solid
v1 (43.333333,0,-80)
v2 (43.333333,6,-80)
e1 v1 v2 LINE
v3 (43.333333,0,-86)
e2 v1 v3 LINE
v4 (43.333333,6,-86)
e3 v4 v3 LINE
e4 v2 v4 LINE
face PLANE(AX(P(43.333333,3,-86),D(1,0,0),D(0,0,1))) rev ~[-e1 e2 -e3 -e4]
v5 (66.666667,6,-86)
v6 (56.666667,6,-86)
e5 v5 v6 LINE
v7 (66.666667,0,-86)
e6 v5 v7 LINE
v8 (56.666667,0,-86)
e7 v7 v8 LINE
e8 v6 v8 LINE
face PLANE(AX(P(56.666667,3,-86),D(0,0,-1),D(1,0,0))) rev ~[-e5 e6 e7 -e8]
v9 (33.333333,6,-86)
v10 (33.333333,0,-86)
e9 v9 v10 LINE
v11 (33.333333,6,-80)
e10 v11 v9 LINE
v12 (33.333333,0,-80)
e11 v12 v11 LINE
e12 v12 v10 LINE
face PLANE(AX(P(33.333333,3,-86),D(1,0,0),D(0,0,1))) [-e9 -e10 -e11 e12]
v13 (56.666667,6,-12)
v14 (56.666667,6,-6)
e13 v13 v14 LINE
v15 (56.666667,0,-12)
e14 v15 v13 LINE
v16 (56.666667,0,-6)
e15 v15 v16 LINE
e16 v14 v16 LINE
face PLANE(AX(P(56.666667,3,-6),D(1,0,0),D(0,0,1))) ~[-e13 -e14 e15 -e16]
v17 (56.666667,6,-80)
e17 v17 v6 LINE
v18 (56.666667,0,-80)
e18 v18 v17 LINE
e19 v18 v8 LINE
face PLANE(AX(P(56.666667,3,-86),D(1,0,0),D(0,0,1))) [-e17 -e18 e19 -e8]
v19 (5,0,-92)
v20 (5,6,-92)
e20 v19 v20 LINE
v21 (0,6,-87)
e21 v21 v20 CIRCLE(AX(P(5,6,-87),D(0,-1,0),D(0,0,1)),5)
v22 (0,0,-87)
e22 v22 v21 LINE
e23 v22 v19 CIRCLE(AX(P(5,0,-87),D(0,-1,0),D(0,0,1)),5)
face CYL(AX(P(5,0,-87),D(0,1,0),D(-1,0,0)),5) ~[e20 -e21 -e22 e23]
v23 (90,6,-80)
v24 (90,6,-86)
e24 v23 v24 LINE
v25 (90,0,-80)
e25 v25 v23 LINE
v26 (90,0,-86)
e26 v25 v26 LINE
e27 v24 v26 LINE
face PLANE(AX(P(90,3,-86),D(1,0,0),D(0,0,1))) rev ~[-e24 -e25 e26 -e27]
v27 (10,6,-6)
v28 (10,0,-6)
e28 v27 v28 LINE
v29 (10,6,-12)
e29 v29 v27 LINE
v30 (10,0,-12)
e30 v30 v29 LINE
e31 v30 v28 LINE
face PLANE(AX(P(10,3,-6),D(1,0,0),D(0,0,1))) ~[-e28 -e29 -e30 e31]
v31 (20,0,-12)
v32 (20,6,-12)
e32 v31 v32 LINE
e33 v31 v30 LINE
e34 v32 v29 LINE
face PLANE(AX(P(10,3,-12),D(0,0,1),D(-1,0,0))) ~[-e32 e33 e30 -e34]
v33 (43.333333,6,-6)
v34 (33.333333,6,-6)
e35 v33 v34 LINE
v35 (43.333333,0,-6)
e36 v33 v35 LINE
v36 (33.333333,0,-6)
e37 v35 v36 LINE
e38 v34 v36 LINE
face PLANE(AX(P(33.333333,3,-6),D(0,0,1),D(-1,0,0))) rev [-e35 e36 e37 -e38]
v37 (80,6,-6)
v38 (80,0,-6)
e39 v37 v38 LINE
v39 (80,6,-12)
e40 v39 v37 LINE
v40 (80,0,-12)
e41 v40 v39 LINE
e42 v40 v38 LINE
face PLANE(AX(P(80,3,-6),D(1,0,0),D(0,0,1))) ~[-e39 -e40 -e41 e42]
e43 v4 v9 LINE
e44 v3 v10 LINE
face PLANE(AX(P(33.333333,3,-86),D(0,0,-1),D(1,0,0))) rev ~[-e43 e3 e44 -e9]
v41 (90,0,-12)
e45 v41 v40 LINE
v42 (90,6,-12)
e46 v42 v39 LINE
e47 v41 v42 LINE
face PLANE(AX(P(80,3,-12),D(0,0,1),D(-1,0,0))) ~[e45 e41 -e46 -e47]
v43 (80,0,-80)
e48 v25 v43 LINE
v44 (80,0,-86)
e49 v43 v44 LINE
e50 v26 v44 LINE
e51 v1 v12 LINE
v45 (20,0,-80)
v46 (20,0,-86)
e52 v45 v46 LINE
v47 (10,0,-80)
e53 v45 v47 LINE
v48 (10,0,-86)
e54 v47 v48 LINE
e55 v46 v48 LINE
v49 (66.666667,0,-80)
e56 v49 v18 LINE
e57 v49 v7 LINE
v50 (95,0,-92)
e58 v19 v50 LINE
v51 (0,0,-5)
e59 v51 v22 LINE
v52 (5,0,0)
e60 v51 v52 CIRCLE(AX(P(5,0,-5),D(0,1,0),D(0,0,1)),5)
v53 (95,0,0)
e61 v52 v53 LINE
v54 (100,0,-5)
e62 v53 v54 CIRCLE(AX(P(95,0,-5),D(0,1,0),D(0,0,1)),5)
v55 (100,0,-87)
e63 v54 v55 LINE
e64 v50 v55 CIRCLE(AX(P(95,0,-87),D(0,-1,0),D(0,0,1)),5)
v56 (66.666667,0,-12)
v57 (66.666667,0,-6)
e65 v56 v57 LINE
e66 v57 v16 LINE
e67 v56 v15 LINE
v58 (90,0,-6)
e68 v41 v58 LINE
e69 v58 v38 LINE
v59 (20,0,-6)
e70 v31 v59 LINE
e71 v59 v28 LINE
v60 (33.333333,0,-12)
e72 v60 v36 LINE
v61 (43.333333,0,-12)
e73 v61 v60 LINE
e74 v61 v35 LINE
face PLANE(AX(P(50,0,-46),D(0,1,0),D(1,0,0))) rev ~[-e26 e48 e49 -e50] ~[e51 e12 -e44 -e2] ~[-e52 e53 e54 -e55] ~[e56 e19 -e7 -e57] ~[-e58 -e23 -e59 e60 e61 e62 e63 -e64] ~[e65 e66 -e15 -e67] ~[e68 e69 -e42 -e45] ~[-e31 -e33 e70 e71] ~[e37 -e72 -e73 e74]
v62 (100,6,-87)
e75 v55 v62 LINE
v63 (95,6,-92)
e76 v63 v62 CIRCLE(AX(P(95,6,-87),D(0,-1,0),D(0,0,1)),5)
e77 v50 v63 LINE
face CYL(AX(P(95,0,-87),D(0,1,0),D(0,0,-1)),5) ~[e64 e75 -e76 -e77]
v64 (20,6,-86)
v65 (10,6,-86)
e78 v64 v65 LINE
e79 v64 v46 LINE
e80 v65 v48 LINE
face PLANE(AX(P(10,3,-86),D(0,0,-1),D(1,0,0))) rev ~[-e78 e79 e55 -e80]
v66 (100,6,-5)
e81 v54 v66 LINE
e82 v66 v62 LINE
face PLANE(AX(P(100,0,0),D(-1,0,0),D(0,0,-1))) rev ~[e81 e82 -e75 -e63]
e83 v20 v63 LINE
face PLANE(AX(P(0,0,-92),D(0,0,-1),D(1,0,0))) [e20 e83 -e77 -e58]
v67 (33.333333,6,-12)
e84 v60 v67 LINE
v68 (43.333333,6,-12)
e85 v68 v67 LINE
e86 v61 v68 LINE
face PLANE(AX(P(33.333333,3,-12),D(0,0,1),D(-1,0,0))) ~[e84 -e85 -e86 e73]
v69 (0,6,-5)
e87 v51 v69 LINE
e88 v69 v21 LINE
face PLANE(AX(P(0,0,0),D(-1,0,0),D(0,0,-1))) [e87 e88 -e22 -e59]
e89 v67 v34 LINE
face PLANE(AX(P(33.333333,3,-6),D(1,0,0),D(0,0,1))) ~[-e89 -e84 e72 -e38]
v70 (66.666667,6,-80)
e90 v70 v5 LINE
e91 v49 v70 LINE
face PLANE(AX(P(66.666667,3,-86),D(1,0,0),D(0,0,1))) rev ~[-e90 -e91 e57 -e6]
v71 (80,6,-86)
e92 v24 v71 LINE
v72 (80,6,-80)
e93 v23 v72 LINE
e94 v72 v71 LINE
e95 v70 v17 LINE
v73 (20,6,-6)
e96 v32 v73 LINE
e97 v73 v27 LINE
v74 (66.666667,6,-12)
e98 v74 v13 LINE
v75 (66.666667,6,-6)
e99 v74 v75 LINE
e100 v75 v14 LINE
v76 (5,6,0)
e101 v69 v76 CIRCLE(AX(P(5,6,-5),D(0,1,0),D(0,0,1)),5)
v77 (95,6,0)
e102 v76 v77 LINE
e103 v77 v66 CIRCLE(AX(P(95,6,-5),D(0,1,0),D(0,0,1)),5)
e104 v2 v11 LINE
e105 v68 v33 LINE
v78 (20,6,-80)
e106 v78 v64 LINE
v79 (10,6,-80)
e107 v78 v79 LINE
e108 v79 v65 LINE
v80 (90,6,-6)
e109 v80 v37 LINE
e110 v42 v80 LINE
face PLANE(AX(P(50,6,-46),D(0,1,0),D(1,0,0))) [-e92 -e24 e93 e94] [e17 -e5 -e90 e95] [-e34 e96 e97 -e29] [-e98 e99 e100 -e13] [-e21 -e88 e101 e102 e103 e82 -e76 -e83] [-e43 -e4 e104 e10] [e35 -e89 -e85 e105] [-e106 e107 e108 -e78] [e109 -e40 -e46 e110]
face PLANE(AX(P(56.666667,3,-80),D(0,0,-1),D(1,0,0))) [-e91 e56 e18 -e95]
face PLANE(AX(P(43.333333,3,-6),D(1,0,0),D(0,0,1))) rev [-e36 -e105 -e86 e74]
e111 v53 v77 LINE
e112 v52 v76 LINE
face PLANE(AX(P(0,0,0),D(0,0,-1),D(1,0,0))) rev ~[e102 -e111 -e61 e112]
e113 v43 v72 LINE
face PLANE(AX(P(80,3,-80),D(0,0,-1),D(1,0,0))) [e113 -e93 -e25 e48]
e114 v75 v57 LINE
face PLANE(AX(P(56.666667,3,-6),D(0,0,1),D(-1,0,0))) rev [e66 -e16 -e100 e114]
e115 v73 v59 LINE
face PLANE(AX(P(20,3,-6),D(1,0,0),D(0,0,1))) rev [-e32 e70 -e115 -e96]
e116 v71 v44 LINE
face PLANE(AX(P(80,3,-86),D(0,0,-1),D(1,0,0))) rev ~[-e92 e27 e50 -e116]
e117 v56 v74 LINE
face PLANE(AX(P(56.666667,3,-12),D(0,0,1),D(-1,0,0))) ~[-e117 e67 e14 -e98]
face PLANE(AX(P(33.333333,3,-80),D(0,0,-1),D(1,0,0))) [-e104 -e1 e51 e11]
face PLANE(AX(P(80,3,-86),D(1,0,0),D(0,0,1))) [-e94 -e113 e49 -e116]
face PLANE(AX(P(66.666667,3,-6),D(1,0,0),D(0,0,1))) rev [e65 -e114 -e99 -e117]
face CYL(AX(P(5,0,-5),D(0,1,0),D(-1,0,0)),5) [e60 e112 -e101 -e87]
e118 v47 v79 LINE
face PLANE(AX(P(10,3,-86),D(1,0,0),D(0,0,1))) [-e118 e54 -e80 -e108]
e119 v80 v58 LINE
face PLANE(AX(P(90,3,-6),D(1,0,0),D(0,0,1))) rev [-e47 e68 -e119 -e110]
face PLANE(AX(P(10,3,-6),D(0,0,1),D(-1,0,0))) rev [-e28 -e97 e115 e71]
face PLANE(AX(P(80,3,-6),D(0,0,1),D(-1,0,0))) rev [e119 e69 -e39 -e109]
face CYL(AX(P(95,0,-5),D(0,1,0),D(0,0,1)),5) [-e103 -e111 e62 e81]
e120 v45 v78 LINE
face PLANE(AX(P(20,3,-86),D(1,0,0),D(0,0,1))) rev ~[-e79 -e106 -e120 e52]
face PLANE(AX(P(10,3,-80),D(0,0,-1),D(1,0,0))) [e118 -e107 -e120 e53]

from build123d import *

# Parameters (mm, degrees)
SKETCH1_W           = 100
SKETCH1_H           = 92
BOSS_EXTRUDE1_DEPTH = 6
SKETCH6_W           = 10
SKETCH6_H           = 6
CUT_EXTRUDE1_DEPTH  = 4
SKETCH61_W          = 10
SKETCH61_H          = 6
CUT_EXTRUDE11_DEPTH = 4
SKETCH62_W          = 10
SKETCH62_H          = 6
CUT_EXTRUDE12_DEPTH = 4
SKETCH63_W          = 10
SKETCH63_H          = 6
CUT_EXTRUDE13_DEPTH = 4
FILLET1_R           = 5


with BuildPart() as part:
    # Sketch1 → Boss-Extrude1 (new body)
    with BuildSketch(Plane(origin=(0, 0, 0), x_dir=(1, 0, 0), z_dir=(0, 1, 0))):
        with Locations((50, 46)):
            Rectangle(SKETCH1_W, SKETCH1_H)
    extrude(amount=BOSS_EXTRUDE1_DEPTH)

    # Sketch6 → Cut-Extrude1 (cut, symmetric)
    with BuildSketch(Plane(origin=(84.232221392, 3, -39), x_dir=(1, 0, 0), z_dir=(0, -1, 0))):
        with Locations((0.767778608, -44)):
            Rectangle(SKETCH6_W, SKETCH6_H)
    cut_extrude1 = extrude(amount=CUT_EXTRUDE1_DEPTH, both=True, mode=Mode.SUBTRACT)

    # Sketch61 → Cut-Extrude11 (cut, symmetric)
    with BuildSketch(Plane(origin=(60.898888059, 3, -39), x_dir=(1, 0, 0), z_dir=(0, -1, 0))):
        with Locations((0.767778608, -44)):
            Rectangle(SKETCH61_W, SKETCH61_H)
    cut_extrude11 = extrude(amount=CUT_EXTRUDE11_DEPTH, both=True, mode=Mode.SUBTRACT)

    # Sketch62 → Cut-Extrude12 (cut, symmetric)
    with BuildSketch(Plane(origin=(37.565554726, 3, -39), x_dir=(1, 0, 0), z_dir=(0, -1, 0))):
        with Locations((0.767778608, -44)):
            Rectangle(SKETCH62_W, SKETCH62_H)
    cut_extrude12 = extrude(amount=CUT_EXTRUDE12_DEPTH, both=True, mode=Mode.SUBTRACT)

    # Sketch63 → Cut-Extrude13 (cut, symmetric)
    with BuildSketch(Plane(origin=(14.232221392, 3, -39), x_dir=(1, 0, 0), z_dir=(0, -1, 0))):
        with Locations((0.767778608, -44)):
            Rectangle(SKETCH63_W, SKETCH63_H)
    cut_extrude13 = extrude(amount=CUT_EXTRUDE13_DEPTH, both=True, mode=Mode.SUBTRACT)

    # Mirror1: Cut-Extrude1, Cut-Extrude11, Cut-Extrude12, Cut-Extrude13 across plane
    add(cut_extrude1.mirror(Plane(origin=(0, 0, -46), x_dir=(1, 0, 0), z_dir=(0, 0, -1))), mode=Mode.SUBTRACT)
    add(cut_extrude11.mirror(Plane(origin=(0, 0, -46), x_dir=(1, 0, 0), z_dir=(0, 0, -1))), mode=Mode.SUBTRACT)
    add(cut_extrude12.mirror(Plane(origin=(0, 0, -46), x_dir=(1, 0, 0), z_dir=(0, 0, -1))), mode=Mode.SUBTRACT)
    add(cut_extrude13.mirror(Plane(origin=(0, 0, -46), x_dir=(1, 0, 0), z_dir=(0, 0, -1))), mode=Mode.SUBTRACT)

    # Fillet1
    fillet1_edges = [part.edges().sort_by_distance(p)[0] for p in [
        (0, 3, -92),
        (100, 3, -92),
        (100, 3, 0),
        (0, 3, 0),
    ]]
    fillet(fillet1_edges, radius=FILLET1_R)


solid = part.part
